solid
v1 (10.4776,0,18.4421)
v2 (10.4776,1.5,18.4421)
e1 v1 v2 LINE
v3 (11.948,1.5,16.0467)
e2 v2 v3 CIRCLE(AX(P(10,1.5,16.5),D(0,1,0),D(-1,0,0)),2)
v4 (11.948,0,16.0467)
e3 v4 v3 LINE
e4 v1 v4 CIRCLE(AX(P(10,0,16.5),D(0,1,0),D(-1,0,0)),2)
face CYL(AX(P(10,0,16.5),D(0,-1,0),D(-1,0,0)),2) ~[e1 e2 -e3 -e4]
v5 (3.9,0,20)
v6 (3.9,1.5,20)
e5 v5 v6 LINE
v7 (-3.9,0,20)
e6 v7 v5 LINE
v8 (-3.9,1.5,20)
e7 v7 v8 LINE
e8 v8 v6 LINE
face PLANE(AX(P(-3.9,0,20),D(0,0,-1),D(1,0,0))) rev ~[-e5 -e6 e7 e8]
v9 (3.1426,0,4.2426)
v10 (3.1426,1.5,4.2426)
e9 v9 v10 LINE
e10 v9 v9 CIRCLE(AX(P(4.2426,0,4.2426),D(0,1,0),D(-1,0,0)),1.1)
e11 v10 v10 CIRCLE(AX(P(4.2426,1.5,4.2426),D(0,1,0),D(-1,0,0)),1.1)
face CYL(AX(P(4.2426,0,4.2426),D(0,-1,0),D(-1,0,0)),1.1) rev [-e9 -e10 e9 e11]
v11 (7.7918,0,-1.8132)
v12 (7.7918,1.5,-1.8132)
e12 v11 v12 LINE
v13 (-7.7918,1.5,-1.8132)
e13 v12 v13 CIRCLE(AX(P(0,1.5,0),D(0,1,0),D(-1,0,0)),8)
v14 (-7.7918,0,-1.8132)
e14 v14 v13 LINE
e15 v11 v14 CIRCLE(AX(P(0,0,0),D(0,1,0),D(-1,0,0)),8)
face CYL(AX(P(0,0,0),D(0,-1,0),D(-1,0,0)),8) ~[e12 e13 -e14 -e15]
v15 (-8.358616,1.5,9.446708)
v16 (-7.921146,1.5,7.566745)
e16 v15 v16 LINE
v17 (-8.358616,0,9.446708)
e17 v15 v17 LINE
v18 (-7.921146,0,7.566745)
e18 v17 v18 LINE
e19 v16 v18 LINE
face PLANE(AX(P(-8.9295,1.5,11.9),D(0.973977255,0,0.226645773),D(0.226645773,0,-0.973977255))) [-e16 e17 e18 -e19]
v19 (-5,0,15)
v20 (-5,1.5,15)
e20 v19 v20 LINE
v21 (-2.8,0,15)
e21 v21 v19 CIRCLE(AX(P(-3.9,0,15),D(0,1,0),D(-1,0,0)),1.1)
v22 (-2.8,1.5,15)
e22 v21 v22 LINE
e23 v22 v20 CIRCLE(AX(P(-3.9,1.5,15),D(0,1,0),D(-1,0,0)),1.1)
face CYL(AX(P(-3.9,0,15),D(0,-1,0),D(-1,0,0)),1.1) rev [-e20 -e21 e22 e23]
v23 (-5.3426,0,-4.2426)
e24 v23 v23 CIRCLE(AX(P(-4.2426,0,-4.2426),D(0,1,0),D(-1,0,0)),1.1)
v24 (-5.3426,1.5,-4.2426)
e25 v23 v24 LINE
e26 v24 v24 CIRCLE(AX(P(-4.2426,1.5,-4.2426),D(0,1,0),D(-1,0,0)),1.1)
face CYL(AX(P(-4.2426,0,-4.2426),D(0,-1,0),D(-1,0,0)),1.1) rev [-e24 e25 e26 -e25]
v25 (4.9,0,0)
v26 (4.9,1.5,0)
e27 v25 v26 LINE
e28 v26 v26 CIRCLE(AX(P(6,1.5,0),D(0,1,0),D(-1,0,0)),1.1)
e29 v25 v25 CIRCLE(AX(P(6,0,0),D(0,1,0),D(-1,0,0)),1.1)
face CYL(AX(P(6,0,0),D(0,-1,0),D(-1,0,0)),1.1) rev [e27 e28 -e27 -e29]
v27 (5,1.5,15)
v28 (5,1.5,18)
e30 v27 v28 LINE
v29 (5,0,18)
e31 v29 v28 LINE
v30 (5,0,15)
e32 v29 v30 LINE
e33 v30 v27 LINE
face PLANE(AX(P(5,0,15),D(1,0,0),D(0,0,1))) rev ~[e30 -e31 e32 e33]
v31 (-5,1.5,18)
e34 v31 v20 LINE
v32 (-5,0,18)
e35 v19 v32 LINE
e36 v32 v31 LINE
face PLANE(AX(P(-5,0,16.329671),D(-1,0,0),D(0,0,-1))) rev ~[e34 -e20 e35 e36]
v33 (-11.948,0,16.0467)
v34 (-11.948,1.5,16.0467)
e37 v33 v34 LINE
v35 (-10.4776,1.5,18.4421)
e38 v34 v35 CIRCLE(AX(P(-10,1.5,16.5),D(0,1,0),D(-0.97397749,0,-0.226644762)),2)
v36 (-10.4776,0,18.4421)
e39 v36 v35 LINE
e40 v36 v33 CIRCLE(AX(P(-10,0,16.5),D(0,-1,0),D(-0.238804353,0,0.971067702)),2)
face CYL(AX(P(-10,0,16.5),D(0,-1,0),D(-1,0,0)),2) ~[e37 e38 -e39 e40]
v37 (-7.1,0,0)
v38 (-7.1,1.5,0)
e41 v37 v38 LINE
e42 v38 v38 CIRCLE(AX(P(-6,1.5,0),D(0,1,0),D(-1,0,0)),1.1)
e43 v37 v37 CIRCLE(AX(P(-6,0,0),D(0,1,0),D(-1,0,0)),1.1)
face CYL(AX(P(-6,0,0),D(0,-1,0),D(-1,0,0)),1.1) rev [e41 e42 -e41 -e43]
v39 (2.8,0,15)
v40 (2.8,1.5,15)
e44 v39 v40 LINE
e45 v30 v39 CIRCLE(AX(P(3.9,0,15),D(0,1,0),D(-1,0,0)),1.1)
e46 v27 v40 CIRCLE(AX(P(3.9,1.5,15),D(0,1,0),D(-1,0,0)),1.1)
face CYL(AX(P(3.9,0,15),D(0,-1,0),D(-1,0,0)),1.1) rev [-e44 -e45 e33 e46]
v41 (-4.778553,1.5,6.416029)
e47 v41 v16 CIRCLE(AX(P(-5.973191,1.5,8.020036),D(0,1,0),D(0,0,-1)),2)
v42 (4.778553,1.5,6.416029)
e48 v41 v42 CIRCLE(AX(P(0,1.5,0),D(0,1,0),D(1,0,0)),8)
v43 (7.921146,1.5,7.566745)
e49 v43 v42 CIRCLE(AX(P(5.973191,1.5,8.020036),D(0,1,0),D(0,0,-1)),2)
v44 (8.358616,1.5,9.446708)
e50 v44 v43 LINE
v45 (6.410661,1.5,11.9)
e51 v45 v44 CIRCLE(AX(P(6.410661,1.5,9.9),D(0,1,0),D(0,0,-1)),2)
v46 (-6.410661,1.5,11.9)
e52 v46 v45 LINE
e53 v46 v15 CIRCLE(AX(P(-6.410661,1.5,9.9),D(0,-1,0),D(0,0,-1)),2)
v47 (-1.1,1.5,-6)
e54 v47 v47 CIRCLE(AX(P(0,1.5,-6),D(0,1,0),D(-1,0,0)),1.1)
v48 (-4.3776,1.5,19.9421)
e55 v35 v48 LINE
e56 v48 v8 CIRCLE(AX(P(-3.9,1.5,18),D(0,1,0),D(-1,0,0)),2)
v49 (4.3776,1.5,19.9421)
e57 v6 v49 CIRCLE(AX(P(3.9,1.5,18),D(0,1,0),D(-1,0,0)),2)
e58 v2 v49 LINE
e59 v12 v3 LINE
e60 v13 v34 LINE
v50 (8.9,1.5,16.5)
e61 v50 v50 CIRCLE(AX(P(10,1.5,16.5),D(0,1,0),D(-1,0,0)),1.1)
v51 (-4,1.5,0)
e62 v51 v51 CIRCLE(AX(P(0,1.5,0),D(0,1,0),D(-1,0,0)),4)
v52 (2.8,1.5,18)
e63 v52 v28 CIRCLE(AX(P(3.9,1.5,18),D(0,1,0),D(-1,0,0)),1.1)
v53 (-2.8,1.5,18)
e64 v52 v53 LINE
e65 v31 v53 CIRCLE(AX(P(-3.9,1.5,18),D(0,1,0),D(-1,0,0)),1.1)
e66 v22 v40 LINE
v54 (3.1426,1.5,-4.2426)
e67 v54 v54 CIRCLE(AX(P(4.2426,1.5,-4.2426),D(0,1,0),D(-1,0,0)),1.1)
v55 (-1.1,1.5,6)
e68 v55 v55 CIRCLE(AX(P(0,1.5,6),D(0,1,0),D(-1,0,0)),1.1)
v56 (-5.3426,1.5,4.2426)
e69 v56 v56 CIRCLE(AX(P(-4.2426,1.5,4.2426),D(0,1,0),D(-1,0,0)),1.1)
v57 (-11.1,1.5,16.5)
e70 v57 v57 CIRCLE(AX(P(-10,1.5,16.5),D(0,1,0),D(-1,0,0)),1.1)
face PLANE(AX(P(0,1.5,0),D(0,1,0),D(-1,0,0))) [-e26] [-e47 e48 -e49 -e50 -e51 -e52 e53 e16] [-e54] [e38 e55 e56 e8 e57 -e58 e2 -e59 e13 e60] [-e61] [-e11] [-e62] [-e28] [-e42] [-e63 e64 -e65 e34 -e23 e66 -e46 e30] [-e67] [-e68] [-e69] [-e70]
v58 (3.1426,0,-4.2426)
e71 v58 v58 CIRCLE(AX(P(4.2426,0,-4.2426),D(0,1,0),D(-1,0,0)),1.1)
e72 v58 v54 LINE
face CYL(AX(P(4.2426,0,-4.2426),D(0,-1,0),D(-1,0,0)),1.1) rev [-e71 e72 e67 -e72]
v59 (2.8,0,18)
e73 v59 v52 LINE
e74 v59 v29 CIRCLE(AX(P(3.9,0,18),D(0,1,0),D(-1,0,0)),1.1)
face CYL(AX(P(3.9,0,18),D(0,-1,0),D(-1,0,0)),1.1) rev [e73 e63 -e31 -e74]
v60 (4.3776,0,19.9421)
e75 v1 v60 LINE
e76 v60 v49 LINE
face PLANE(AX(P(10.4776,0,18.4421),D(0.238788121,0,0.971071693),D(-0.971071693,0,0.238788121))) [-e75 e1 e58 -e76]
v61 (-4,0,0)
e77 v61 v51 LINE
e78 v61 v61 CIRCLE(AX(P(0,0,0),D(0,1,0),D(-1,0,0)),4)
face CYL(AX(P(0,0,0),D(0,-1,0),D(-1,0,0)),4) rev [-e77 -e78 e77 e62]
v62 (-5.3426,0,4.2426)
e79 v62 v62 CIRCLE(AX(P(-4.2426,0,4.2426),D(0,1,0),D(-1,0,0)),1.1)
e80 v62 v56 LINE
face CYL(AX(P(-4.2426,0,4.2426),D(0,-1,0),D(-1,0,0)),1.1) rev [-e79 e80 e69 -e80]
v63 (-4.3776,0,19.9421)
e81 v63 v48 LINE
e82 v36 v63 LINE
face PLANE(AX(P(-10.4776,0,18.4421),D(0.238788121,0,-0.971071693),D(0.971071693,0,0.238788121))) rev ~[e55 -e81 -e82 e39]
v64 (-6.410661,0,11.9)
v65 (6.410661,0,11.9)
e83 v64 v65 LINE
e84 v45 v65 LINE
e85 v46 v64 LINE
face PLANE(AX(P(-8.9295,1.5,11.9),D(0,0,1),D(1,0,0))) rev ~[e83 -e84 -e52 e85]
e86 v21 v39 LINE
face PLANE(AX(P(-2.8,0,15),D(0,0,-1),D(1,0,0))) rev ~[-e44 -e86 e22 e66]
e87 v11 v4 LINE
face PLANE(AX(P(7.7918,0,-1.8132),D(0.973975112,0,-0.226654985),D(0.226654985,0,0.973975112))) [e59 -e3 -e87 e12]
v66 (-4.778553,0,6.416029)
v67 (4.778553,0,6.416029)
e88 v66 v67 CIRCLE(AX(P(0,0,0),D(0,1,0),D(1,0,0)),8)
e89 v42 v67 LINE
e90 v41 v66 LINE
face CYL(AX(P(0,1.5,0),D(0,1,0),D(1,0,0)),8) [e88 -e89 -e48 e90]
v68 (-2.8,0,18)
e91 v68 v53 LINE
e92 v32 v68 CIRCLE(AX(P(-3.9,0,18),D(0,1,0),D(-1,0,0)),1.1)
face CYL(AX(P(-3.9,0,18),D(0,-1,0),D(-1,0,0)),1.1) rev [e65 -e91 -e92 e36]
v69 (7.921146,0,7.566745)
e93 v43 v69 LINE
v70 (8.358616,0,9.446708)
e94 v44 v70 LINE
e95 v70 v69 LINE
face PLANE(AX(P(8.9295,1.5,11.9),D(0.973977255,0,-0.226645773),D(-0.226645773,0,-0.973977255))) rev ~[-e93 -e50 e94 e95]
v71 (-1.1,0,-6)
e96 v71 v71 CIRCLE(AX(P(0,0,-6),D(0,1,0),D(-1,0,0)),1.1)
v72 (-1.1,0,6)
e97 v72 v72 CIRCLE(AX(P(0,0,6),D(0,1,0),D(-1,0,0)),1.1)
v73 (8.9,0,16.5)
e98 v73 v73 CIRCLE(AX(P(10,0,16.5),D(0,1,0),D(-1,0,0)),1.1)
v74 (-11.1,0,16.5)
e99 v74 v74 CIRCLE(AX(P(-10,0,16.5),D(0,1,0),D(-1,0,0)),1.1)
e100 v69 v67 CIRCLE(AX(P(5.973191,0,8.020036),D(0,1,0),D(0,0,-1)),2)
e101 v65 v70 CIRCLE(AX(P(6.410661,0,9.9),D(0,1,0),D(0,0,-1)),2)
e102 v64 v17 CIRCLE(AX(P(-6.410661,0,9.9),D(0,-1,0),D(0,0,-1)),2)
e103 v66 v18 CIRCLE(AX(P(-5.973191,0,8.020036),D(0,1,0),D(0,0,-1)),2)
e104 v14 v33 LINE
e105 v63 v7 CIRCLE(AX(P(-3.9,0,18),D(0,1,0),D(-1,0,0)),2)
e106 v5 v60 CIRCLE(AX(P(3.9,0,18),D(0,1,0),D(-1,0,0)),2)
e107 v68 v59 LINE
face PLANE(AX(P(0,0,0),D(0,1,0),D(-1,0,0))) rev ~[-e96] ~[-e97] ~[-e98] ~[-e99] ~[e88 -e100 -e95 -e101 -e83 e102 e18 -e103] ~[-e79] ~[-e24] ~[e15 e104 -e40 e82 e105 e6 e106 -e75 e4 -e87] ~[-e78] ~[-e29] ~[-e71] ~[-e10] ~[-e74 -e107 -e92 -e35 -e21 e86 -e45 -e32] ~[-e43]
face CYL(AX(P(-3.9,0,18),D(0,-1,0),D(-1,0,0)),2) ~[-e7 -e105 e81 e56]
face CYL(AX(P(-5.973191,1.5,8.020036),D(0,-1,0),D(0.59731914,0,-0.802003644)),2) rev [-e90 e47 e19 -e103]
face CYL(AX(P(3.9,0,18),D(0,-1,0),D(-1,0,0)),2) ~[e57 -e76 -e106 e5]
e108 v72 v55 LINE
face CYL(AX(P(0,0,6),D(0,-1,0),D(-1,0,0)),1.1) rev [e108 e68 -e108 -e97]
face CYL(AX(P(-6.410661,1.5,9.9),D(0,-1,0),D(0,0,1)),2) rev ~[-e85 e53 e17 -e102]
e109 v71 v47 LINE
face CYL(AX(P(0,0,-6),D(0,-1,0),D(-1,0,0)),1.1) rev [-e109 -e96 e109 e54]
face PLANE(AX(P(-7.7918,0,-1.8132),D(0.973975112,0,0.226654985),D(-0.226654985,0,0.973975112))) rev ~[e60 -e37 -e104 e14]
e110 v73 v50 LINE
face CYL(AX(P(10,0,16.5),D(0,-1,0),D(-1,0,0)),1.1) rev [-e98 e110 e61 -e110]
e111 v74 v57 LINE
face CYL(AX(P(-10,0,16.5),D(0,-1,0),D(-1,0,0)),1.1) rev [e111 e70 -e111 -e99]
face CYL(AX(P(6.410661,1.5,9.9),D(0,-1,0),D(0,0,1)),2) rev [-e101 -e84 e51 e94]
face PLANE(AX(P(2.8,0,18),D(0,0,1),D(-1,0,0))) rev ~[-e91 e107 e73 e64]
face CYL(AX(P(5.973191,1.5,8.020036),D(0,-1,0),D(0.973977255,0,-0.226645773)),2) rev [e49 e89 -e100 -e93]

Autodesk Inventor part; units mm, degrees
ref_plane "YZ Plane" through (0, 0, 0) normal (1, 0, 0) x (0, 1, 0)
ref_plane "XZ Plane" through (0, 0, 0) normal (0, 1, 0) x (-1, 0, 0)
ref_plane "XY Plane" through (0, 0, 0) normal (0, 0, 1) x (1, 0, 0)
sketch "スケッチ1" plane through (0, 0, 0) normal (0, 1, 0) x (-1, 0, 0)
  circle A0 centre (0, 0) radius 4
  circle A1 centre (0, 0) radius 6 construction
  circle A2 centre (0, 0) radius 8
  circle A3 centre (0, -6) radius 1.1
  circle A4 centre (4.2426, -4.2426) radius 1.1
  circle A5 centre (6, 0) radius 1.1
  circle A6 centre (4.2426, 4.2426) radius 1.1
  circle A7 centre (0, 6) radius 1.1
  circle A8 centre (-4.2426, 4.2426) radius 1.1
  circle A9 centre (-6, 0) radius 1.1
  circle A10 centre (-4.2426, -4.2426) radius 1.1
  line L0 (5, 15) -> (-5, 15)
  line L1 (-5, 15) -> (-5, 18)
  line L2 (-5, 18) -> (5, 18)
  line L3 (5, 18) -> (5, 15)
  circle A11 centre (3.9, 15) radius 1.1
  line L4 (0, 15) -> (0, 18) construction
  circle A12 centre (-3.9, 15) radius 1.1
  line L5 (-5, 16.5) -> (5, 16.5) construction
  circle A13 centre (3.9, 18) radius 1.1
  circle A14 centre (-3.9, 18) radius 1.1
  circle A15 centre (-10, 16.5) radius 1.1
  circle A16 centre (10, 16.5) radius 1.1
  circle A17 centre (10, 16.5) radius 2
  circle A18 centre (3.9, 18) radius 2
  circle A19 centre (-10, 16.5) radius 2
  line L6 (7.7918, -1.8132) -> (11.948, 16.0467)
  line L7 (-7.7918, -1.8132) -> (-11.948, 16.0467)
  line L8 (10.4776, 18.4421) -> (4.3776, 19.9421)
  circle A20 centre (-3.9, 18) radius 2
  line L9 (-10.4776, 18.4421) -> (-4.3776, 19.9421)
  line L10 (3.9, 20) -> (-4.1423, 20)
  point P0 (2.8, 18)
  point P1 (5, 18)
  point P2 (2.8, 15)
  point P3 (-2.8, 15)
  point P4 (-5, 15)
  point P5 (-5, 18)
  point P6 (-2.8, 18)
  point P7 (-3.9, 20)
  point P8 (-10.4776, 18.4421)
  dimension "d1" = 12
  dimension "d11" = 2.2
  dimension "d16" = 4
  dimension "d0" = 8
  dimension "d2" = 16
  dimension "d3" = 2.2
  dimension "d6" = 360
  dimension "d8" = 10
  dimension "d9" = 3
  dimension "d10" = 15
  dimension "d12" = 2.2
  dimension "d13" = 5
  dimension "d14" = 4
  dimension "d15" = 4
extrude "押し出し1" add sketch "スケッチ1" along normal blind 1.5 contours A2 | A2 L7 A19 L9 A20 L1 A12 L0 A11 L3 A18 L8 A17 L6 | A19 | A17 | A20 L2 A14 L1 | A18 L3 A13 L2 | L10 A18 L2 A20
sketch "スケッチ2" plane through (0, 1.5, 0) normal (0, 1, 0) x (1, 0, 0)
  line L0 (-8.9295, -11.9) -> (8.9295, -11.9)
  line L1 (8.9295, -11.9) -> (7.0432, -3.7939)
  line L2 (-7.7918, 1.8132) -> (-11.948, -16.0467) projected
  circle A0 centre (0, 0) radius 8
  line L3 (-8.9295, -11.9) -> (-7.0432, -3.7939)
  line L4 (-7.7918, 1.8132) -> (-11.948, -16.0467) projected
  line L5 (11.948, -16.0467) -> (7.7918, 1.8132) projected
  arc A1 (-2.8, -15) -> (-5, -15) centre (-3.9, -15) ccw projected
  point P0 (-3.9, -13.9)
  dimension "d19" = 2
  dimension "d20" = 2
  dimension "d21" = 2
extrude "押し出し2" cut sketch "スケッチ2" against normal through all contours L3 A0 L1 L0
fillet "フィレット1" radius 2 4 edges at (-7.0432, 0.75, 3.7939) (7.0432, 0.75, 3.7939) (8.9295, 0.75, 11.9) (-8.9295, 0.75, 11.9)
equation "\"d21\" = d19"
properties part number "kata" material "アルミニウム 2014-T4"
